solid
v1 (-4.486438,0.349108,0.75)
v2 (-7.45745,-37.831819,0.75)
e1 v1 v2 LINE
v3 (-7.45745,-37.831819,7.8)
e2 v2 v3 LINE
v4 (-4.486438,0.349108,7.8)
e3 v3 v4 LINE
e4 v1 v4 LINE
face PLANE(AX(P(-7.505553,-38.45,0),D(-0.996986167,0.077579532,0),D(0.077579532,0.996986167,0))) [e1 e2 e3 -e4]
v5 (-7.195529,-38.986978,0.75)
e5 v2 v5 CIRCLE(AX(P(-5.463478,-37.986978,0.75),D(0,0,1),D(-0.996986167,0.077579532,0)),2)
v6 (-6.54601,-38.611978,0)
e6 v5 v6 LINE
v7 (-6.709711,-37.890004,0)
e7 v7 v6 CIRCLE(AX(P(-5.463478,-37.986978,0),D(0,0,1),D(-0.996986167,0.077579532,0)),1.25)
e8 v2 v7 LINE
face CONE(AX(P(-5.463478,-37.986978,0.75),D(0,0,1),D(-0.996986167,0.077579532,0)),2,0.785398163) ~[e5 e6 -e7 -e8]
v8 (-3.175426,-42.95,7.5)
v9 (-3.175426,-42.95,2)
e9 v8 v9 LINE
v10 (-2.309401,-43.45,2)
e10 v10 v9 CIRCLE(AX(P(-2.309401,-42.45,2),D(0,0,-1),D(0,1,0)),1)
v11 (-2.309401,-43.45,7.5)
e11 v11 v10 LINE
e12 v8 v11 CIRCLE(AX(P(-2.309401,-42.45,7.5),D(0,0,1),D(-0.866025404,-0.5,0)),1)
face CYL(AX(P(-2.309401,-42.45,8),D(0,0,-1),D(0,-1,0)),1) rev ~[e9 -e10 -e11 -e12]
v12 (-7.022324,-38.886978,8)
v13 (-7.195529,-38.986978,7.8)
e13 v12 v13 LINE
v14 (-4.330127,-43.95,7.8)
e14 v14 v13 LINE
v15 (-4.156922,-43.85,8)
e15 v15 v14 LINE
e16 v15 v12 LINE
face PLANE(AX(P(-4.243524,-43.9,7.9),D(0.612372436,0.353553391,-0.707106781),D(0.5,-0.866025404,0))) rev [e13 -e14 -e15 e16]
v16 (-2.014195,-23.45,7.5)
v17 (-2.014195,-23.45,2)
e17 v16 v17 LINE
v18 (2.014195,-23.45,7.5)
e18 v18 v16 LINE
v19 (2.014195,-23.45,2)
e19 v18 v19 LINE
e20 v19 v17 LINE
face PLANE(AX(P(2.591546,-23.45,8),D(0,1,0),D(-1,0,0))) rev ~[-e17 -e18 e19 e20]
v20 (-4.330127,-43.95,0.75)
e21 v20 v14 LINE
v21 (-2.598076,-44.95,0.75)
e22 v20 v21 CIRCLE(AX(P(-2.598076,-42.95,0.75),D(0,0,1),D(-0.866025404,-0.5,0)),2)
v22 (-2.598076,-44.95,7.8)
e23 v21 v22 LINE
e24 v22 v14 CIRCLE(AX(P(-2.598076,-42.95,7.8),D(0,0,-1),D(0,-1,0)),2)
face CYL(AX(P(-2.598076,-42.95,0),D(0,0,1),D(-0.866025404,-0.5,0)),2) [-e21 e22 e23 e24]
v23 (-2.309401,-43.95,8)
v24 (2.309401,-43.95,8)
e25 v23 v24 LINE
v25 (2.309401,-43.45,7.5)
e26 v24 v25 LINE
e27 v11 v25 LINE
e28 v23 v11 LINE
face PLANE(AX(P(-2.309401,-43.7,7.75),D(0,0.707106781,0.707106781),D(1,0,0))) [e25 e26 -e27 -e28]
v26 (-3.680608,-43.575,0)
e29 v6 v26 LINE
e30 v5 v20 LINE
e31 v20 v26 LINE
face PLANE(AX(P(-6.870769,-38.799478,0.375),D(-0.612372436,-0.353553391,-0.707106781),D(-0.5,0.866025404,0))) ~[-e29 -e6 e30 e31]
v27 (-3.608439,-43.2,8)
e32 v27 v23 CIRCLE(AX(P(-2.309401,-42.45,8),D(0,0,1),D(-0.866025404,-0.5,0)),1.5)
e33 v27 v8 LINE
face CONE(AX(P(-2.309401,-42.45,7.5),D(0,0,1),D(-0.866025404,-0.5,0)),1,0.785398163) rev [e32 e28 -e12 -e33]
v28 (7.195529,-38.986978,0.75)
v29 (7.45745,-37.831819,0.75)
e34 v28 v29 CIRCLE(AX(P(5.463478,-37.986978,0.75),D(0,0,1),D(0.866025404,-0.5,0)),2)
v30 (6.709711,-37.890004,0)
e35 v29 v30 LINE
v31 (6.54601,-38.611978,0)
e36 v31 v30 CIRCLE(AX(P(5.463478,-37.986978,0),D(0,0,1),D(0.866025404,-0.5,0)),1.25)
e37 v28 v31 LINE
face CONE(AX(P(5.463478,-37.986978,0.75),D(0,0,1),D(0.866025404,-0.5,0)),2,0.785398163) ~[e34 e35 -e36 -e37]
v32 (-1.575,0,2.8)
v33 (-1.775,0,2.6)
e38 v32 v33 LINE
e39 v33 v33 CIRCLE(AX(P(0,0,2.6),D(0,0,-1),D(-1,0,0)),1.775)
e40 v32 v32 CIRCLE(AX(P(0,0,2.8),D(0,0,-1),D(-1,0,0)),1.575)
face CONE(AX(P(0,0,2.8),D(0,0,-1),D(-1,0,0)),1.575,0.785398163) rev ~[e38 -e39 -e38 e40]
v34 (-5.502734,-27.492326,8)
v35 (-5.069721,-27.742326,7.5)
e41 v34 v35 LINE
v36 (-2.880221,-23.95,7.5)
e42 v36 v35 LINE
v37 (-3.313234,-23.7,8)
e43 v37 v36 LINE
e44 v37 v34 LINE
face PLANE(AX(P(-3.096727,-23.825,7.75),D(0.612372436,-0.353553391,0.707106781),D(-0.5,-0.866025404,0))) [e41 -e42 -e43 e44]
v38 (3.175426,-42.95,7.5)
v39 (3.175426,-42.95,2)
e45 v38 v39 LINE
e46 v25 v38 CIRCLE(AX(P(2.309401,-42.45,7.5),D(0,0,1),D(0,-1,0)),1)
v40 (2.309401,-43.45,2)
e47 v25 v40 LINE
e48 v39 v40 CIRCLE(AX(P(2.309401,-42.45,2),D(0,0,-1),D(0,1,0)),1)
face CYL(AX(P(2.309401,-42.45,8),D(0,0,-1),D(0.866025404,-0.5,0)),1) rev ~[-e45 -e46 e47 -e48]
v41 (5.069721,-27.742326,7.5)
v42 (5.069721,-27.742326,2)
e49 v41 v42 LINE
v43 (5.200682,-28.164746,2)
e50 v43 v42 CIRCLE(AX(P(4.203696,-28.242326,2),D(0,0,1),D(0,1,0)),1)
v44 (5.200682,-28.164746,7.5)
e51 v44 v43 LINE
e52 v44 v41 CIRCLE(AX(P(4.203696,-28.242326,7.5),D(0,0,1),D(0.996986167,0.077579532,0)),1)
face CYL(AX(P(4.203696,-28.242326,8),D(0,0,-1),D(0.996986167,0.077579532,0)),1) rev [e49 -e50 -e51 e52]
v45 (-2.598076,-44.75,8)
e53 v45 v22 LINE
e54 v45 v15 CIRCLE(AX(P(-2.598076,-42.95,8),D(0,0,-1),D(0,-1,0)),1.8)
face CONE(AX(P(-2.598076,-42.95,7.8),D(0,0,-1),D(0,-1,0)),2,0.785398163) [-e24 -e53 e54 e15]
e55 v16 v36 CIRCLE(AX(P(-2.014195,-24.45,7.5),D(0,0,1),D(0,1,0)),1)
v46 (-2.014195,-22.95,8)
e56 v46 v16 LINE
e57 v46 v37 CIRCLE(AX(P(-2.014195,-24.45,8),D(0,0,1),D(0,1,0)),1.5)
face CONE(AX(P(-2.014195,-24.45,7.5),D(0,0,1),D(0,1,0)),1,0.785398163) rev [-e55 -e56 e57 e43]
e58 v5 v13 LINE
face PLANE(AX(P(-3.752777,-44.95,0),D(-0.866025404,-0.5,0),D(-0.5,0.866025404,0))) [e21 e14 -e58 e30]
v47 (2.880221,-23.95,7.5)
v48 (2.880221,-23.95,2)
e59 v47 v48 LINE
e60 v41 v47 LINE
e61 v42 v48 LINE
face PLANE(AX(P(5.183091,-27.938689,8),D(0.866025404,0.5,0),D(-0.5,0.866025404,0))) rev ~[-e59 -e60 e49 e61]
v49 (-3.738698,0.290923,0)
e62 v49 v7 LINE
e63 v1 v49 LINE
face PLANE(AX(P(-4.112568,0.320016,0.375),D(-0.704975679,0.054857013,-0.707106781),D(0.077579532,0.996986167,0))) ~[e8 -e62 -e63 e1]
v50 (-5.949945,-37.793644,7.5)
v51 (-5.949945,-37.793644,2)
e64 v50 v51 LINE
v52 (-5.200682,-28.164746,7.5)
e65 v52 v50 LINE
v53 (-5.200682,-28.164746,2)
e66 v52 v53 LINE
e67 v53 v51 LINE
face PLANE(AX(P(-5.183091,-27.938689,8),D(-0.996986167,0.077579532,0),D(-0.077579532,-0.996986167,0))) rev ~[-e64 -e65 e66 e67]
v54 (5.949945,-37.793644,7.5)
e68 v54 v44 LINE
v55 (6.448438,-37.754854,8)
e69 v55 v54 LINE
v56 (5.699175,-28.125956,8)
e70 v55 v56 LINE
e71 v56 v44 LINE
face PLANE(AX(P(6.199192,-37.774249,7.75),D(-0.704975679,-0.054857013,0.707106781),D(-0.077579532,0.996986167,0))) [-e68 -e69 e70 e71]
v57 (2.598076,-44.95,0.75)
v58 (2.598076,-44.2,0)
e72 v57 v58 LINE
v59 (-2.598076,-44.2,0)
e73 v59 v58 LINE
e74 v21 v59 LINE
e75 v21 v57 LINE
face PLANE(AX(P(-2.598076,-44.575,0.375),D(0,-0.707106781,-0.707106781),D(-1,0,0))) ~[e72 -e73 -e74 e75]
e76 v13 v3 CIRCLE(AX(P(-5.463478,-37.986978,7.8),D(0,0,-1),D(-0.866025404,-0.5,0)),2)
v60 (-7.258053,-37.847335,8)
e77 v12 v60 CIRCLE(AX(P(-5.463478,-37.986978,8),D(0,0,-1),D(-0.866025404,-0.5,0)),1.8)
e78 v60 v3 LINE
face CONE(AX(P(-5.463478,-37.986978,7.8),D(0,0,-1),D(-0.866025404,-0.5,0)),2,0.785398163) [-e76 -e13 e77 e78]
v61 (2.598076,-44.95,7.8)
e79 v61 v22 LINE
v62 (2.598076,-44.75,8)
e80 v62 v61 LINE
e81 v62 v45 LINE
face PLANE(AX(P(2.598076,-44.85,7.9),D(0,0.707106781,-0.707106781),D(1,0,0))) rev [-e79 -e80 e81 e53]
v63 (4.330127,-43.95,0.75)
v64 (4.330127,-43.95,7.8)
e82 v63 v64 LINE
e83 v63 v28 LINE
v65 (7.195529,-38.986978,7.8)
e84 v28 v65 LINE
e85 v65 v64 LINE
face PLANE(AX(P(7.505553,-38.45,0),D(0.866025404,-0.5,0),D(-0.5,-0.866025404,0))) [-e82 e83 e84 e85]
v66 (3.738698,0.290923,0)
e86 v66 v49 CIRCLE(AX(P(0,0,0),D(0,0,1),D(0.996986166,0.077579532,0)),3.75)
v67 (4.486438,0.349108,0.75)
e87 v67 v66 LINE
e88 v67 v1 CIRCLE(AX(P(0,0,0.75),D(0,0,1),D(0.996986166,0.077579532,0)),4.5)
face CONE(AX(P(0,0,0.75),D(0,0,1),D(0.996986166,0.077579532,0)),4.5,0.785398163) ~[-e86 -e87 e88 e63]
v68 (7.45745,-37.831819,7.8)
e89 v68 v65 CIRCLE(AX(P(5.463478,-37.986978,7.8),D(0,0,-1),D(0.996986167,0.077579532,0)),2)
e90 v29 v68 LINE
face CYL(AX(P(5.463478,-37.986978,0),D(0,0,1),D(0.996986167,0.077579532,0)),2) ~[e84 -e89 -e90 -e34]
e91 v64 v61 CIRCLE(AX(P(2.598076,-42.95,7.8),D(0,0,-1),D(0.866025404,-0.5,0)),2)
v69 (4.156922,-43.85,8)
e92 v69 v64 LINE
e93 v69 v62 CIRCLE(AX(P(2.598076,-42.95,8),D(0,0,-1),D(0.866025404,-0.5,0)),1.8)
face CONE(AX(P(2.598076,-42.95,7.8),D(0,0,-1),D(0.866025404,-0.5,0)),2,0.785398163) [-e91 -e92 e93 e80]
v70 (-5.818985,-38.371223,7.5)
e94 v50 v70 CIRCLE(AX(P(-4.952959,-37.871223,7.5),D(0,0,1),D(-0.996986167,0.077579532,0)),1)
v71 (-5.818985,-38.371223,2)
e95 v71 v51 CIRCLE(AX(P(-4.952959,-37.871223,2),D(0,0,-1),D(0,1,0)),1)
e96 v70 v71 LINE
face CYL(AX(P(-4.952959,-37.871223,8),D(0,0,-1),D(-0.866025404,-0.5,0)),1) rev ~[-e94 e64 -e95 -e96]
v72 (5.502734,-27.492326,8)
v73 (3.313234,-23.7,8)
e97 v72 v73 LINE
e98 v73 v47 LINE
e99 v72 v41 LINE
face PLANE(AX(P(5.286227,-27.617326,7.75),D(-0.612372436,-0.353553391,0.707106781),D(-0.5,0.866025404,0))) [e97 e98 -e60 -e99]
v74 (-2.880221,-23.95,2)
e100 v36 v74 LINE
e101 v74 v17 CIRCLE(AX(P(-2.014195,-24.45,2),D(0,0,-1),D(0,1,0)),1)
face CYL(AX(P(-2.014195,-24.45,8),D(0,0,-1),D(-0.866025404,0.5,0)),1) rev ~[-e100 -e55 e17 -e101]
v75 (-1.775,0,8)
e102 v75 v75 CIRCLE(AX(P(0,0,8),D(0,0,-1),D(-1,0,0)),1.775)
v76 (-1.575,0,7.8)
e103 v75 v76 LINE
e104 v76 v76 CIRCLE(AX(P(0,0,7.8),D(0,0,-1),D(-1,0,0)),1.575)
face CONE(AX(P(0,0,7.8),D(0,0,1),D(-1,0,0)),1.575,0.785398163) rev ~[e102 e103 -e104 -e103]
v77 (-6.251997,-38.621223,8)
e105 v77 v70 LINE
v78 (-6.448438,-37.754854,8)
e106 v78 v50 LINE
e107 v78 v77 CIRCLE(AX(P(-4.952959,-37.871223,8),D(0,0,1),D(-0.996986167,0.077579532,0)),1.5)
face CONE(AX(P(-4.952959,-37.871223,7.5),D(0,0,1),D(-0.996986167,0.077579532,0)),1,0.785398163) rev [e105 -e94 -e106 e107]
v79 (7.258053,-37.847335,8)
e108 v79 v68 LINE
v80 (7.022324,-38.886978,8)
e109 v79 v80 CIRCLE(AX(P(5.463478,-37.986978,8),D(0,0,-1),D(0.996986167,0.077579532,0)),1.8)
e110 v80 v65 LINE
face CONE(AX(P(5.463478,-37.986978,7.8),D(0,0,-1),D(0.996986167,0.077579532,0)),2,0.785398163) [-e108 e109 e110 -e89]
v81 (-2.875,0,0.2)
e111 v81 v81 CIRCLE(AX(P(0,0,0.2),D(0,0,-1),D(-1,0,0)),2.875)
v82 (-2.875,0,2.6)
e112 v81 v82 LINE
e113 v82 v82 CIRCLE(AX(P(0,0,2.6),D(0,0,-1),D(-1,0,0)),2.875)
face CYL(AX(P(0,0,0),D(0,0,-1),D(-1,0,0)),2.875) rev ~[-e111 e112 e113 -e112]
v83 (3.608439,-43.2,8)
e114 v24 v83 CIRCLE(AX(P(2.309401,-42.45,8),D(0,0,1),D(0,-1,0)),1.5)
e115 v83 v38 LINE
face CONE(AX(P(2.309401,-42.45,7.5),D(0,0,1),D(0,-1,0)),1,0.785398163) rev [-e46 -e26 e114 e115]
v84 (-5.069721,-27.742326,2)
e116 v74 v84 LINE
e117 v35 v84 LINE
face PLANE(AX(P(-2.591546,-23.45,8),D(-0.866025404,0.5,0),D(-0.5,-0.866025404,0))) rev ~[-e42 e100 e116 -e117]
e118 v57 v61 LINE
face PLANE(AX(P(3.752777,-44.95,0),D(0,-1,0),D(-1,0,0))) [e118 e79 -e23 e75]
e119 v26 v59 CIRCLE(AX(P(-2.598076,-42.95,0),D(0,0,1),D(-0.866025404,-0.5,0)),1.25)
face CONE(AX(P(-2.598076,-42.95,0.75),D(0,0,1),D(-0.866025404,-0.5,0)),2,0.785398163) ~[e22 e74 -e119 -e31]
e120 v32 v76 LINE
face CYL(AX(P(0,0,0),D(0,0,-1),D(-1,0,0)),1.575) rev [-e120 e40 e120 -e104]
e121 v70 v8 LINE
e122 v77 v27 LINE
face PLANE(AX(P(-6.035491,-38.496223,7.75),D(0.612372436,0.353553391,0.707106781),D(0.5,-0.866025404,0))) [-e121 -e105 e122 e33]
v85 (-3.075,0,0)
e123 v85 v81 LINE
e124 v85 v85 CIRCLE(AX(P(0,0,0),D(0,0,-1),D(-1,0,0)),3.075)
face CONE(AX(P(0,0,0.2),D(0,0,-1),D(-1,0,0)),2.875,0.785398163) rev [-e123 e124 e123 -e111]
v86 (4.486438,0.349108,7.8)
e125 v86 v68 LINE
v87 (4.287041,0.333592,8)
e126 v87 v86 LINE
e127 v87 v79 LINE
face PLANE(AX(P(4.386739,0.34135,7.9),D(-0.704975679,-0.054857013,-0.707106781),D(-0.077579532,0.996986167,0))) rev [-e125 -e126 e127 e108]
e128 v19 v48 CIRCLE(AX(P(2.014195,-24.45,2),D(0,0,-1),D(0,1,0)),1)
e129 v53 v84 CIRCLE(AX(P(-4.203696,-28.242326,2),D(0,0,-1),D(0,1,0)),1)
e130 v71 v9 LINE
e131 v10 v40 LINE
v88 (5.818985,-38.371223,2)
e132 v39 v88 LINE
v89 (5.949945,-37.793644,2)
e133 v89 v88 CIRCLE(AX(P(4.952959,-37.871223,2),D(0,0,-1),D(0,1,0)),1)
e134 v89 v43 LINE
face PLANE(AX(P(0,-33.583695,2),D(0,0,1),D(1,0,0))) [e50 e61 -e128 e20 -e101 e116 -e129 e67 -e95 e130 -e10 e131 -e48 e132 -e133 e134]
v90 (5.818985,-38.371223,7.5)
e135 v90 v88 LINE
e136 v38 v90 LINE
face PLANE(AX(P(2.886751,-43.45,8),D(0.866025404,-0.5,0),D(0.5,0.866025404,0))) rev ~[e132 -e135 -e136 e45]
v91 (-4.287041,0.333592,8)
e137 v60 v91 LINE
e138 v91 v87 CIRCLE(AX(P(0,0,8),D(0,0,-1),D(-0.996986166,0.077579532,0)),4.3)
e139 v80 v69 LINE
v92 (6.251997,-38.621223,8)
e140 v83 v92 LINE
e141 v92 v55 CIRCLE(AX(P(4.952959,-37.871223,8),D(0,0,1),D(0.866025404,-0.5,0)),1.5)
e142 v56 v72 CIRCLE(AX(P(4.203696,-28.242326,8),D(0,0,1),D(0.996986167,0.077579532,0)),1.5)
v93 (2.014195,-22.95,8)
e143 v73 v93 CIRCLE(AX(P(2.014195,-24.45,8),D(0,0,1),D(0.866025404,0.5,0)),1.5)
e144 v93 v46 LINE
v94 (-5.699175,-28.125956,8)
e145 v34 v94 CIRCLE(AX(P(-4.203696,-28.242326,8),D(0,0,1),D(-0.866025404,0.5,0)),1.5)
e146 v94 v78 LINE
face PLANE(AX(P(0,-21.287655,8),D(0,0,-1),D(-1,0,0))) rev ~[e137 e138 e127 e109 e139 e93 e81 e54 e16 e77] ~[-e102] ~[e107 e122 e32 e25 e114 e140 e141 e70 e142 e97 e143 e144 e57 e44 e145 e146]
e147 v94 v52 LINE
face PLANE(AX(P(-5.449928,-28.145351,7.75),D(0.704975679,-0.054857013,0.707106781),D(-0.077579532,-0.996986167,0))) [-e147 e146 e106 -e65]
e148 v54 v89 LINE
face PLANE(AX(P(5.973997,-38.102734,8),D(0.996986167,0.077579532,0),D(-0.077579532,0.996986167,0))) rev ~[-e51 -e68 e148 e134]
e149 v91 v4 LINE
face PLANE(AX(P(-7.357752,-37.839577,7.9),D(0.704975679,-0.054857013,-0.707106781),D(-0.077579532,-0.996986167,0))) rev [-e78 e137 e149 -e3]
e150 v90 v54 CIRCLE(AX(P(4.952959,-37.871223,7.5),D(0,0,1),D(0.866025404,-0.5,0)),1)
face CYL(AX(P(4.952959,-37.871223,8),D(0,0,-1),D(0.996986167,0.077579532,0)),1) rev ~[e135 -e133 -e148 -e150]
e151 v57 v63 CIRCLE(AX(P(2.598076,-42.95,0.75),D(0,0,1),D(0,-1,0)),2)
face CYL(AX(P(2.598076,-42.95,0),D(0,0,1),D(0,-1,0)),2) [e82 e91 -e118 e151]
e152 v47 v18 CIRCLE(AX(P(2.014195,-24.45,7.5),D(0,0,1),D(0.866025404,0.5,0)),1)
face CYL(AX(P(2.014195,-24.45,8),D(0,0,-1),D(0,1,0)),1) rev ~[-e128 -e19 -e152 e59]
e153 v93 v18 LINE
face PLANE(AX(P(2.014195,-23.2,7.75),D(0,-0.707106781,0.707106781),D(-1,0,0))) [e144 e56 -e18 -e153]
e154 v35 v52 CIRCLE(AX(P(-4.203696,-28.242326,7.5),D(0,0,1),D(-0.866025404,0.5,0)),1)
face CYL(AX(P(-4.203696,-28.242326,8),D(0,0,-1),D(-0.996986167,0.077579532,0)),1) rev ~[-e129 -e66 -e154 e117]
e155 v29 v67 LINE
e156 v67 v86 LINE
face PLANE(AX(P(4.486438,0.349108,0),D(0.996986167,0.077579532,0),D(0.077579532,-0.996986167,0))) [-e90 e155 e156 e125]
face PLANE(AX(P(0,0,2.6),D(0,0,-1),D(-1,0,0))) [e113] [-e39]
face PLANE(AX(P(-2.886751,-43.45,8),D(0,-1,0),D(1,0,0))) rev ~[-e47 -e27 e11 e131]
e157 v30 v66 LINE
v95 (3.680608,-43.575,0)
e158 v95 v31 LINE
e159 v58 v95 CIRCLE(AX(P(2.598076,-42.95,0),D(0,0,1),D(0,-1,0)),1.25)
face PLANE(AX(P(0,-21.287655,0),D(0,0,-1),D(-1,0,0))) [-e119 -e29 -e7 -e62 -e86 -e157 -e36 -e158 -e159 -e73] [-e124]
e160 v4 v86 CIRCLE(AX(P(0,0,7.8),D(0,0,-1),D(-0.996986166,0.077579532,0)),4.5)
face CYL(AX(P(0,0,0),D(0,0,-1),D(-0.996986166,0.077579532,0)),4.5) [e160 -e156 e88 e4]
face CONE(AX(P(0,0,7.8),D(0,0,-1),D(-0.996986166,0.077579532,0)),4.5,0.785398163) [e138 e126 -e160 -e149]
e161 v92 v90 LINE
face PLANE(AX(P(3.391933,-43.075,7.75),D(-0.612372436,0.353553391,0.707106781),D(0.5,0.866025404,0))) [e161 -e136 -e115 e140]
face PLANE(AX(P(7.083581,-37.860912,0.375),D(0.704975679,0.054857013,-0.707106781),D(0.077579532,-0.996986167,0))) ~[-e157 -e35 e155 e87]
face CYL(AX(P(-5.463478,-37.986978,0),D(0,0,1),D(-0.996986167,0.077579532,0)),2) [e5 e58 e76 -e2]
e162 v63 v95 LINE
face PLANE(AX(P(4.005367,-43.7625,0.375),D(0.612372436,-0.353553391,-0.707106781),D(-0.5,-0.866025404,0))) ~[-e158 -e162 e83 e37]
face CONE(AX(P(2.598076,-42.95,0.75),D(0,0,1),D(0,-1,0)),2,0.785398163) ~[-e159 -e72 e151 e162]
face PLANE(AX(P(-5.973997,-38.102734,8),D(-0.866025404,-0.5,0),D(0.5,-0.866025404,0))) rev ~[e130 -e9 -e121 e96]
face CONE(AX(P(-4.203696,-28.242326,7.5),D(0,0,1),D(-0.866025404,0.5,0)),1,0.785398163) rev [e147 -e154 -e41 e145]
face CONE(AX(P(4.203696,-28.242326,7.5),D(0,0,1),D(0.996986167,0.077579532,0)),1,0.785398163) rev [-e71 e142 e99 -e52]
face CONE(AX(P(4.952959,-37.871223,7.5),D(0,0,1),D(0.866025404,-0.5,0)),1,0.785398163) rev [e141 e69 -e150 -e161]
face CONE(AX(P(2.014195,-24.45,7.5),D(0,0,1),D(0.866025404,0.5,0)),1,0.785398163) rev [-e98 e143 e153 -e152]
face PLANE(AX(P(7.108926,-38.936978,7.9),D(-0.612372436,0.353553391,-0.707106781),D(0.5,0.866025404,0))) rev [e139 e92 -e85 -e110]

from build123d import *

# Parameters (mm, degrees)
BOSS_EXTRUDE2_DEPTH  = 8
ROD_POCKET_DEPTH     = 6
POCKET_FILLETS_R     = 1
PROFILE_FILLETS_R    = 2
INSERT_CHAM_SIZE     = 0.5
SKETCH6_R            = 2.875
COUNTERSINK_DEPTH    = 2.6
SKETCH7_R            = 1.575
THROUGH_HOLE_DEPTH   = 47.262360557
DEBURS_SIZE          = 0.2
OUTSIDE_CHAMFER_SIZE = 0.75


with BuildPart() as part:
    # Sketch1 → Boss-Extrude2 (new body)
    with BuildSketch(Plane.XY):
        with BuildLine():
            Line((-7.505553499, -38.45), (-4.486437749, 0.349107895))
            ThreePointArc((-4.486437749, 0.349107895), (0, 4.5), (4.486437749, 0.349107895))
            Line((4.486437749, 0.349107895), (7.505553499, -38.45))
            Line((7.505553499, -38.45), (3.75277675, -44.95))
            Line((3.75277675, -44.95), (-3.75277675, -44.95))
            Line((-3.75277675, -44.95), (-7.505553499, -38.45))
        make_face()
    extrude(amount=BOSS_EXTRUDE2_DEPTH)

    # Sketch5 → Rod Pocket (cut)
    with BuildSketch(Plane.XY.offset(8)):
        Polygon((5.183091381, -27.938688806), (2.59154569, -23.45), (-2.59154569, -23.45), (-5.183091381, -27.938688806), (-5.973996897, -38.102733849), (-2.886751346, -43.45), (2.886751346, -43.45), (5.973996897, -38.102733849), align=None)
    extrude(amount=-ROD_POCKET_DEPTH, mode=Mode.SUBTRACT)

    # Pocket Fillets
    pocket_fillets_edges = [part.edges().sort_by_distance(p)[0] for p in [
        (2.59154569, -23.45, 5),
        (-2.59154569, -23.45, 5),
        (-5.183091381, -27.938688806, 5),
        (-5.973996897, -38.102733849, 5),
        (-2.886751346, -43.45, 5),
        (2.886751346, -43.45, 5),
        (5.973996897, -38.102733849, 5),
        (5.183091381, -27.938688806, 5),
    ]]
    fillet(pocket_fillets_edges, radius=POCKET_FILLETS_R)

    # Profile Fillets
    profile_fillets_edges = [part.edges().sort_by_distance(p)[0] for p in [
        (7.505553499, -38.45, 4),
        (3.75277675, -44.95, 4),
        (-3.75277675, -44.95, 4),
        (-7.505553499, -38.45, 4),
    ]]
    fillet(profile_fillets_edges, radius=PROFILE_FILLETS_R)

    # Insert Cham
    insert_cham_edges = [part.edges().sort_by_distance(p)[0] for p in [
        (-5.575313572, -32.979194827, 8),
        (-3.974970938, -25.846162818, 8),
        (-4.497205523, -40.660611541, 8),
        (0, -43.45, 8),
        (4.497205523, -40.660611541, 8),
        (5.575313572, -32.979194827, 8),
        (3.974970938, -25.846162818, 8),
        (0, -23.45, 8),
        (-5.158846312, -27.946205375, 8),
        (-5.928204033, -38.092350745, 8),
        (-2.809401077, -43.316025404, 8),
        (2.809401077, -43.316025404, 8),
        (5.928204033, -38.092350745, 8),
        (5.158846312, -27.946205375, 8),
        (2.514195421, -23.583974596, 8),
        (-2.514195421, -23.583974596, 8),
    ]]
    chamfer(insert_cham_edges, length=INSERT_CHAM_SIZE)

    # Sketch6 → Countersink (cut)
    with BuildSketch(Plane(origin=(0, 0, 0), x_dir=(-1, 0, 0), z_dir=(0, 0, -1))):
        Circle(SKETCH6_R)
    extrude(amount=-COUNTERSINK_DEPTH, mode=Mode.SUBTRACT)

    # Sketch7 → Through Hole (cut, through all)
    with BuildSketch(Plane.XY):
        with Locations(Location((0, 0, 0), (0, 0, 180))):
            Circle(SKETCH7_R)
    extrude(amount=THROUGH_HOLE_DEPTH, mode=Mode.SUBTRACT)

    # Deburs
    deburs_edges = [part.edges().sort_by_distance(p)[0] for p in [
        (5.762827928, -41.468489233, 8),
        (-5.762827928, -41.468489233, 8),
        (0, -44.95, 8),
        (-3.598076211, -44.682050808, 8),
        (3.598076211, -44.682050808, 8),
        (-7.41396777, -38.429233792, 8),
        (7.41396777, -38.429233792, 8),
        (2.875, 0, 0),
        (1.575, 0, 2.6),
        (1.575, 0, 8),
        (0, 4.5, 8),
        (-5.971944056, -18.741355754, 8),
        (5.971944056, -18.741355754, 8),
    ]]
    chamfer(deburs_edges, length=DEBURS_SIZE)

    # Outside Chamfer
    outside_chamfer_edges = [part.edges().sort_by_distance(p)[0] for p in [
        (-3.598076211, -44.682050808, 0),
        (3.598076211, -44.682050808, 0),
        (-7.41396777, -38.429233792, 0),
        (7.41396777, -38.429233792, 0),
        (-5.971944056, -18.741355754, 0),
        (0, 4.5, 0),
        (5.971944056, -18.741355754, 0),
        (5.762827928, -41.468489233, 0),
        (0, -44.95, 0),
        (-5.762827928, -41.468489233, 0),
    ]]
    chamfer(outside_chamfer_edges, length=OUTSIDE_CHAMFER_SIZE)


solid = part.part
